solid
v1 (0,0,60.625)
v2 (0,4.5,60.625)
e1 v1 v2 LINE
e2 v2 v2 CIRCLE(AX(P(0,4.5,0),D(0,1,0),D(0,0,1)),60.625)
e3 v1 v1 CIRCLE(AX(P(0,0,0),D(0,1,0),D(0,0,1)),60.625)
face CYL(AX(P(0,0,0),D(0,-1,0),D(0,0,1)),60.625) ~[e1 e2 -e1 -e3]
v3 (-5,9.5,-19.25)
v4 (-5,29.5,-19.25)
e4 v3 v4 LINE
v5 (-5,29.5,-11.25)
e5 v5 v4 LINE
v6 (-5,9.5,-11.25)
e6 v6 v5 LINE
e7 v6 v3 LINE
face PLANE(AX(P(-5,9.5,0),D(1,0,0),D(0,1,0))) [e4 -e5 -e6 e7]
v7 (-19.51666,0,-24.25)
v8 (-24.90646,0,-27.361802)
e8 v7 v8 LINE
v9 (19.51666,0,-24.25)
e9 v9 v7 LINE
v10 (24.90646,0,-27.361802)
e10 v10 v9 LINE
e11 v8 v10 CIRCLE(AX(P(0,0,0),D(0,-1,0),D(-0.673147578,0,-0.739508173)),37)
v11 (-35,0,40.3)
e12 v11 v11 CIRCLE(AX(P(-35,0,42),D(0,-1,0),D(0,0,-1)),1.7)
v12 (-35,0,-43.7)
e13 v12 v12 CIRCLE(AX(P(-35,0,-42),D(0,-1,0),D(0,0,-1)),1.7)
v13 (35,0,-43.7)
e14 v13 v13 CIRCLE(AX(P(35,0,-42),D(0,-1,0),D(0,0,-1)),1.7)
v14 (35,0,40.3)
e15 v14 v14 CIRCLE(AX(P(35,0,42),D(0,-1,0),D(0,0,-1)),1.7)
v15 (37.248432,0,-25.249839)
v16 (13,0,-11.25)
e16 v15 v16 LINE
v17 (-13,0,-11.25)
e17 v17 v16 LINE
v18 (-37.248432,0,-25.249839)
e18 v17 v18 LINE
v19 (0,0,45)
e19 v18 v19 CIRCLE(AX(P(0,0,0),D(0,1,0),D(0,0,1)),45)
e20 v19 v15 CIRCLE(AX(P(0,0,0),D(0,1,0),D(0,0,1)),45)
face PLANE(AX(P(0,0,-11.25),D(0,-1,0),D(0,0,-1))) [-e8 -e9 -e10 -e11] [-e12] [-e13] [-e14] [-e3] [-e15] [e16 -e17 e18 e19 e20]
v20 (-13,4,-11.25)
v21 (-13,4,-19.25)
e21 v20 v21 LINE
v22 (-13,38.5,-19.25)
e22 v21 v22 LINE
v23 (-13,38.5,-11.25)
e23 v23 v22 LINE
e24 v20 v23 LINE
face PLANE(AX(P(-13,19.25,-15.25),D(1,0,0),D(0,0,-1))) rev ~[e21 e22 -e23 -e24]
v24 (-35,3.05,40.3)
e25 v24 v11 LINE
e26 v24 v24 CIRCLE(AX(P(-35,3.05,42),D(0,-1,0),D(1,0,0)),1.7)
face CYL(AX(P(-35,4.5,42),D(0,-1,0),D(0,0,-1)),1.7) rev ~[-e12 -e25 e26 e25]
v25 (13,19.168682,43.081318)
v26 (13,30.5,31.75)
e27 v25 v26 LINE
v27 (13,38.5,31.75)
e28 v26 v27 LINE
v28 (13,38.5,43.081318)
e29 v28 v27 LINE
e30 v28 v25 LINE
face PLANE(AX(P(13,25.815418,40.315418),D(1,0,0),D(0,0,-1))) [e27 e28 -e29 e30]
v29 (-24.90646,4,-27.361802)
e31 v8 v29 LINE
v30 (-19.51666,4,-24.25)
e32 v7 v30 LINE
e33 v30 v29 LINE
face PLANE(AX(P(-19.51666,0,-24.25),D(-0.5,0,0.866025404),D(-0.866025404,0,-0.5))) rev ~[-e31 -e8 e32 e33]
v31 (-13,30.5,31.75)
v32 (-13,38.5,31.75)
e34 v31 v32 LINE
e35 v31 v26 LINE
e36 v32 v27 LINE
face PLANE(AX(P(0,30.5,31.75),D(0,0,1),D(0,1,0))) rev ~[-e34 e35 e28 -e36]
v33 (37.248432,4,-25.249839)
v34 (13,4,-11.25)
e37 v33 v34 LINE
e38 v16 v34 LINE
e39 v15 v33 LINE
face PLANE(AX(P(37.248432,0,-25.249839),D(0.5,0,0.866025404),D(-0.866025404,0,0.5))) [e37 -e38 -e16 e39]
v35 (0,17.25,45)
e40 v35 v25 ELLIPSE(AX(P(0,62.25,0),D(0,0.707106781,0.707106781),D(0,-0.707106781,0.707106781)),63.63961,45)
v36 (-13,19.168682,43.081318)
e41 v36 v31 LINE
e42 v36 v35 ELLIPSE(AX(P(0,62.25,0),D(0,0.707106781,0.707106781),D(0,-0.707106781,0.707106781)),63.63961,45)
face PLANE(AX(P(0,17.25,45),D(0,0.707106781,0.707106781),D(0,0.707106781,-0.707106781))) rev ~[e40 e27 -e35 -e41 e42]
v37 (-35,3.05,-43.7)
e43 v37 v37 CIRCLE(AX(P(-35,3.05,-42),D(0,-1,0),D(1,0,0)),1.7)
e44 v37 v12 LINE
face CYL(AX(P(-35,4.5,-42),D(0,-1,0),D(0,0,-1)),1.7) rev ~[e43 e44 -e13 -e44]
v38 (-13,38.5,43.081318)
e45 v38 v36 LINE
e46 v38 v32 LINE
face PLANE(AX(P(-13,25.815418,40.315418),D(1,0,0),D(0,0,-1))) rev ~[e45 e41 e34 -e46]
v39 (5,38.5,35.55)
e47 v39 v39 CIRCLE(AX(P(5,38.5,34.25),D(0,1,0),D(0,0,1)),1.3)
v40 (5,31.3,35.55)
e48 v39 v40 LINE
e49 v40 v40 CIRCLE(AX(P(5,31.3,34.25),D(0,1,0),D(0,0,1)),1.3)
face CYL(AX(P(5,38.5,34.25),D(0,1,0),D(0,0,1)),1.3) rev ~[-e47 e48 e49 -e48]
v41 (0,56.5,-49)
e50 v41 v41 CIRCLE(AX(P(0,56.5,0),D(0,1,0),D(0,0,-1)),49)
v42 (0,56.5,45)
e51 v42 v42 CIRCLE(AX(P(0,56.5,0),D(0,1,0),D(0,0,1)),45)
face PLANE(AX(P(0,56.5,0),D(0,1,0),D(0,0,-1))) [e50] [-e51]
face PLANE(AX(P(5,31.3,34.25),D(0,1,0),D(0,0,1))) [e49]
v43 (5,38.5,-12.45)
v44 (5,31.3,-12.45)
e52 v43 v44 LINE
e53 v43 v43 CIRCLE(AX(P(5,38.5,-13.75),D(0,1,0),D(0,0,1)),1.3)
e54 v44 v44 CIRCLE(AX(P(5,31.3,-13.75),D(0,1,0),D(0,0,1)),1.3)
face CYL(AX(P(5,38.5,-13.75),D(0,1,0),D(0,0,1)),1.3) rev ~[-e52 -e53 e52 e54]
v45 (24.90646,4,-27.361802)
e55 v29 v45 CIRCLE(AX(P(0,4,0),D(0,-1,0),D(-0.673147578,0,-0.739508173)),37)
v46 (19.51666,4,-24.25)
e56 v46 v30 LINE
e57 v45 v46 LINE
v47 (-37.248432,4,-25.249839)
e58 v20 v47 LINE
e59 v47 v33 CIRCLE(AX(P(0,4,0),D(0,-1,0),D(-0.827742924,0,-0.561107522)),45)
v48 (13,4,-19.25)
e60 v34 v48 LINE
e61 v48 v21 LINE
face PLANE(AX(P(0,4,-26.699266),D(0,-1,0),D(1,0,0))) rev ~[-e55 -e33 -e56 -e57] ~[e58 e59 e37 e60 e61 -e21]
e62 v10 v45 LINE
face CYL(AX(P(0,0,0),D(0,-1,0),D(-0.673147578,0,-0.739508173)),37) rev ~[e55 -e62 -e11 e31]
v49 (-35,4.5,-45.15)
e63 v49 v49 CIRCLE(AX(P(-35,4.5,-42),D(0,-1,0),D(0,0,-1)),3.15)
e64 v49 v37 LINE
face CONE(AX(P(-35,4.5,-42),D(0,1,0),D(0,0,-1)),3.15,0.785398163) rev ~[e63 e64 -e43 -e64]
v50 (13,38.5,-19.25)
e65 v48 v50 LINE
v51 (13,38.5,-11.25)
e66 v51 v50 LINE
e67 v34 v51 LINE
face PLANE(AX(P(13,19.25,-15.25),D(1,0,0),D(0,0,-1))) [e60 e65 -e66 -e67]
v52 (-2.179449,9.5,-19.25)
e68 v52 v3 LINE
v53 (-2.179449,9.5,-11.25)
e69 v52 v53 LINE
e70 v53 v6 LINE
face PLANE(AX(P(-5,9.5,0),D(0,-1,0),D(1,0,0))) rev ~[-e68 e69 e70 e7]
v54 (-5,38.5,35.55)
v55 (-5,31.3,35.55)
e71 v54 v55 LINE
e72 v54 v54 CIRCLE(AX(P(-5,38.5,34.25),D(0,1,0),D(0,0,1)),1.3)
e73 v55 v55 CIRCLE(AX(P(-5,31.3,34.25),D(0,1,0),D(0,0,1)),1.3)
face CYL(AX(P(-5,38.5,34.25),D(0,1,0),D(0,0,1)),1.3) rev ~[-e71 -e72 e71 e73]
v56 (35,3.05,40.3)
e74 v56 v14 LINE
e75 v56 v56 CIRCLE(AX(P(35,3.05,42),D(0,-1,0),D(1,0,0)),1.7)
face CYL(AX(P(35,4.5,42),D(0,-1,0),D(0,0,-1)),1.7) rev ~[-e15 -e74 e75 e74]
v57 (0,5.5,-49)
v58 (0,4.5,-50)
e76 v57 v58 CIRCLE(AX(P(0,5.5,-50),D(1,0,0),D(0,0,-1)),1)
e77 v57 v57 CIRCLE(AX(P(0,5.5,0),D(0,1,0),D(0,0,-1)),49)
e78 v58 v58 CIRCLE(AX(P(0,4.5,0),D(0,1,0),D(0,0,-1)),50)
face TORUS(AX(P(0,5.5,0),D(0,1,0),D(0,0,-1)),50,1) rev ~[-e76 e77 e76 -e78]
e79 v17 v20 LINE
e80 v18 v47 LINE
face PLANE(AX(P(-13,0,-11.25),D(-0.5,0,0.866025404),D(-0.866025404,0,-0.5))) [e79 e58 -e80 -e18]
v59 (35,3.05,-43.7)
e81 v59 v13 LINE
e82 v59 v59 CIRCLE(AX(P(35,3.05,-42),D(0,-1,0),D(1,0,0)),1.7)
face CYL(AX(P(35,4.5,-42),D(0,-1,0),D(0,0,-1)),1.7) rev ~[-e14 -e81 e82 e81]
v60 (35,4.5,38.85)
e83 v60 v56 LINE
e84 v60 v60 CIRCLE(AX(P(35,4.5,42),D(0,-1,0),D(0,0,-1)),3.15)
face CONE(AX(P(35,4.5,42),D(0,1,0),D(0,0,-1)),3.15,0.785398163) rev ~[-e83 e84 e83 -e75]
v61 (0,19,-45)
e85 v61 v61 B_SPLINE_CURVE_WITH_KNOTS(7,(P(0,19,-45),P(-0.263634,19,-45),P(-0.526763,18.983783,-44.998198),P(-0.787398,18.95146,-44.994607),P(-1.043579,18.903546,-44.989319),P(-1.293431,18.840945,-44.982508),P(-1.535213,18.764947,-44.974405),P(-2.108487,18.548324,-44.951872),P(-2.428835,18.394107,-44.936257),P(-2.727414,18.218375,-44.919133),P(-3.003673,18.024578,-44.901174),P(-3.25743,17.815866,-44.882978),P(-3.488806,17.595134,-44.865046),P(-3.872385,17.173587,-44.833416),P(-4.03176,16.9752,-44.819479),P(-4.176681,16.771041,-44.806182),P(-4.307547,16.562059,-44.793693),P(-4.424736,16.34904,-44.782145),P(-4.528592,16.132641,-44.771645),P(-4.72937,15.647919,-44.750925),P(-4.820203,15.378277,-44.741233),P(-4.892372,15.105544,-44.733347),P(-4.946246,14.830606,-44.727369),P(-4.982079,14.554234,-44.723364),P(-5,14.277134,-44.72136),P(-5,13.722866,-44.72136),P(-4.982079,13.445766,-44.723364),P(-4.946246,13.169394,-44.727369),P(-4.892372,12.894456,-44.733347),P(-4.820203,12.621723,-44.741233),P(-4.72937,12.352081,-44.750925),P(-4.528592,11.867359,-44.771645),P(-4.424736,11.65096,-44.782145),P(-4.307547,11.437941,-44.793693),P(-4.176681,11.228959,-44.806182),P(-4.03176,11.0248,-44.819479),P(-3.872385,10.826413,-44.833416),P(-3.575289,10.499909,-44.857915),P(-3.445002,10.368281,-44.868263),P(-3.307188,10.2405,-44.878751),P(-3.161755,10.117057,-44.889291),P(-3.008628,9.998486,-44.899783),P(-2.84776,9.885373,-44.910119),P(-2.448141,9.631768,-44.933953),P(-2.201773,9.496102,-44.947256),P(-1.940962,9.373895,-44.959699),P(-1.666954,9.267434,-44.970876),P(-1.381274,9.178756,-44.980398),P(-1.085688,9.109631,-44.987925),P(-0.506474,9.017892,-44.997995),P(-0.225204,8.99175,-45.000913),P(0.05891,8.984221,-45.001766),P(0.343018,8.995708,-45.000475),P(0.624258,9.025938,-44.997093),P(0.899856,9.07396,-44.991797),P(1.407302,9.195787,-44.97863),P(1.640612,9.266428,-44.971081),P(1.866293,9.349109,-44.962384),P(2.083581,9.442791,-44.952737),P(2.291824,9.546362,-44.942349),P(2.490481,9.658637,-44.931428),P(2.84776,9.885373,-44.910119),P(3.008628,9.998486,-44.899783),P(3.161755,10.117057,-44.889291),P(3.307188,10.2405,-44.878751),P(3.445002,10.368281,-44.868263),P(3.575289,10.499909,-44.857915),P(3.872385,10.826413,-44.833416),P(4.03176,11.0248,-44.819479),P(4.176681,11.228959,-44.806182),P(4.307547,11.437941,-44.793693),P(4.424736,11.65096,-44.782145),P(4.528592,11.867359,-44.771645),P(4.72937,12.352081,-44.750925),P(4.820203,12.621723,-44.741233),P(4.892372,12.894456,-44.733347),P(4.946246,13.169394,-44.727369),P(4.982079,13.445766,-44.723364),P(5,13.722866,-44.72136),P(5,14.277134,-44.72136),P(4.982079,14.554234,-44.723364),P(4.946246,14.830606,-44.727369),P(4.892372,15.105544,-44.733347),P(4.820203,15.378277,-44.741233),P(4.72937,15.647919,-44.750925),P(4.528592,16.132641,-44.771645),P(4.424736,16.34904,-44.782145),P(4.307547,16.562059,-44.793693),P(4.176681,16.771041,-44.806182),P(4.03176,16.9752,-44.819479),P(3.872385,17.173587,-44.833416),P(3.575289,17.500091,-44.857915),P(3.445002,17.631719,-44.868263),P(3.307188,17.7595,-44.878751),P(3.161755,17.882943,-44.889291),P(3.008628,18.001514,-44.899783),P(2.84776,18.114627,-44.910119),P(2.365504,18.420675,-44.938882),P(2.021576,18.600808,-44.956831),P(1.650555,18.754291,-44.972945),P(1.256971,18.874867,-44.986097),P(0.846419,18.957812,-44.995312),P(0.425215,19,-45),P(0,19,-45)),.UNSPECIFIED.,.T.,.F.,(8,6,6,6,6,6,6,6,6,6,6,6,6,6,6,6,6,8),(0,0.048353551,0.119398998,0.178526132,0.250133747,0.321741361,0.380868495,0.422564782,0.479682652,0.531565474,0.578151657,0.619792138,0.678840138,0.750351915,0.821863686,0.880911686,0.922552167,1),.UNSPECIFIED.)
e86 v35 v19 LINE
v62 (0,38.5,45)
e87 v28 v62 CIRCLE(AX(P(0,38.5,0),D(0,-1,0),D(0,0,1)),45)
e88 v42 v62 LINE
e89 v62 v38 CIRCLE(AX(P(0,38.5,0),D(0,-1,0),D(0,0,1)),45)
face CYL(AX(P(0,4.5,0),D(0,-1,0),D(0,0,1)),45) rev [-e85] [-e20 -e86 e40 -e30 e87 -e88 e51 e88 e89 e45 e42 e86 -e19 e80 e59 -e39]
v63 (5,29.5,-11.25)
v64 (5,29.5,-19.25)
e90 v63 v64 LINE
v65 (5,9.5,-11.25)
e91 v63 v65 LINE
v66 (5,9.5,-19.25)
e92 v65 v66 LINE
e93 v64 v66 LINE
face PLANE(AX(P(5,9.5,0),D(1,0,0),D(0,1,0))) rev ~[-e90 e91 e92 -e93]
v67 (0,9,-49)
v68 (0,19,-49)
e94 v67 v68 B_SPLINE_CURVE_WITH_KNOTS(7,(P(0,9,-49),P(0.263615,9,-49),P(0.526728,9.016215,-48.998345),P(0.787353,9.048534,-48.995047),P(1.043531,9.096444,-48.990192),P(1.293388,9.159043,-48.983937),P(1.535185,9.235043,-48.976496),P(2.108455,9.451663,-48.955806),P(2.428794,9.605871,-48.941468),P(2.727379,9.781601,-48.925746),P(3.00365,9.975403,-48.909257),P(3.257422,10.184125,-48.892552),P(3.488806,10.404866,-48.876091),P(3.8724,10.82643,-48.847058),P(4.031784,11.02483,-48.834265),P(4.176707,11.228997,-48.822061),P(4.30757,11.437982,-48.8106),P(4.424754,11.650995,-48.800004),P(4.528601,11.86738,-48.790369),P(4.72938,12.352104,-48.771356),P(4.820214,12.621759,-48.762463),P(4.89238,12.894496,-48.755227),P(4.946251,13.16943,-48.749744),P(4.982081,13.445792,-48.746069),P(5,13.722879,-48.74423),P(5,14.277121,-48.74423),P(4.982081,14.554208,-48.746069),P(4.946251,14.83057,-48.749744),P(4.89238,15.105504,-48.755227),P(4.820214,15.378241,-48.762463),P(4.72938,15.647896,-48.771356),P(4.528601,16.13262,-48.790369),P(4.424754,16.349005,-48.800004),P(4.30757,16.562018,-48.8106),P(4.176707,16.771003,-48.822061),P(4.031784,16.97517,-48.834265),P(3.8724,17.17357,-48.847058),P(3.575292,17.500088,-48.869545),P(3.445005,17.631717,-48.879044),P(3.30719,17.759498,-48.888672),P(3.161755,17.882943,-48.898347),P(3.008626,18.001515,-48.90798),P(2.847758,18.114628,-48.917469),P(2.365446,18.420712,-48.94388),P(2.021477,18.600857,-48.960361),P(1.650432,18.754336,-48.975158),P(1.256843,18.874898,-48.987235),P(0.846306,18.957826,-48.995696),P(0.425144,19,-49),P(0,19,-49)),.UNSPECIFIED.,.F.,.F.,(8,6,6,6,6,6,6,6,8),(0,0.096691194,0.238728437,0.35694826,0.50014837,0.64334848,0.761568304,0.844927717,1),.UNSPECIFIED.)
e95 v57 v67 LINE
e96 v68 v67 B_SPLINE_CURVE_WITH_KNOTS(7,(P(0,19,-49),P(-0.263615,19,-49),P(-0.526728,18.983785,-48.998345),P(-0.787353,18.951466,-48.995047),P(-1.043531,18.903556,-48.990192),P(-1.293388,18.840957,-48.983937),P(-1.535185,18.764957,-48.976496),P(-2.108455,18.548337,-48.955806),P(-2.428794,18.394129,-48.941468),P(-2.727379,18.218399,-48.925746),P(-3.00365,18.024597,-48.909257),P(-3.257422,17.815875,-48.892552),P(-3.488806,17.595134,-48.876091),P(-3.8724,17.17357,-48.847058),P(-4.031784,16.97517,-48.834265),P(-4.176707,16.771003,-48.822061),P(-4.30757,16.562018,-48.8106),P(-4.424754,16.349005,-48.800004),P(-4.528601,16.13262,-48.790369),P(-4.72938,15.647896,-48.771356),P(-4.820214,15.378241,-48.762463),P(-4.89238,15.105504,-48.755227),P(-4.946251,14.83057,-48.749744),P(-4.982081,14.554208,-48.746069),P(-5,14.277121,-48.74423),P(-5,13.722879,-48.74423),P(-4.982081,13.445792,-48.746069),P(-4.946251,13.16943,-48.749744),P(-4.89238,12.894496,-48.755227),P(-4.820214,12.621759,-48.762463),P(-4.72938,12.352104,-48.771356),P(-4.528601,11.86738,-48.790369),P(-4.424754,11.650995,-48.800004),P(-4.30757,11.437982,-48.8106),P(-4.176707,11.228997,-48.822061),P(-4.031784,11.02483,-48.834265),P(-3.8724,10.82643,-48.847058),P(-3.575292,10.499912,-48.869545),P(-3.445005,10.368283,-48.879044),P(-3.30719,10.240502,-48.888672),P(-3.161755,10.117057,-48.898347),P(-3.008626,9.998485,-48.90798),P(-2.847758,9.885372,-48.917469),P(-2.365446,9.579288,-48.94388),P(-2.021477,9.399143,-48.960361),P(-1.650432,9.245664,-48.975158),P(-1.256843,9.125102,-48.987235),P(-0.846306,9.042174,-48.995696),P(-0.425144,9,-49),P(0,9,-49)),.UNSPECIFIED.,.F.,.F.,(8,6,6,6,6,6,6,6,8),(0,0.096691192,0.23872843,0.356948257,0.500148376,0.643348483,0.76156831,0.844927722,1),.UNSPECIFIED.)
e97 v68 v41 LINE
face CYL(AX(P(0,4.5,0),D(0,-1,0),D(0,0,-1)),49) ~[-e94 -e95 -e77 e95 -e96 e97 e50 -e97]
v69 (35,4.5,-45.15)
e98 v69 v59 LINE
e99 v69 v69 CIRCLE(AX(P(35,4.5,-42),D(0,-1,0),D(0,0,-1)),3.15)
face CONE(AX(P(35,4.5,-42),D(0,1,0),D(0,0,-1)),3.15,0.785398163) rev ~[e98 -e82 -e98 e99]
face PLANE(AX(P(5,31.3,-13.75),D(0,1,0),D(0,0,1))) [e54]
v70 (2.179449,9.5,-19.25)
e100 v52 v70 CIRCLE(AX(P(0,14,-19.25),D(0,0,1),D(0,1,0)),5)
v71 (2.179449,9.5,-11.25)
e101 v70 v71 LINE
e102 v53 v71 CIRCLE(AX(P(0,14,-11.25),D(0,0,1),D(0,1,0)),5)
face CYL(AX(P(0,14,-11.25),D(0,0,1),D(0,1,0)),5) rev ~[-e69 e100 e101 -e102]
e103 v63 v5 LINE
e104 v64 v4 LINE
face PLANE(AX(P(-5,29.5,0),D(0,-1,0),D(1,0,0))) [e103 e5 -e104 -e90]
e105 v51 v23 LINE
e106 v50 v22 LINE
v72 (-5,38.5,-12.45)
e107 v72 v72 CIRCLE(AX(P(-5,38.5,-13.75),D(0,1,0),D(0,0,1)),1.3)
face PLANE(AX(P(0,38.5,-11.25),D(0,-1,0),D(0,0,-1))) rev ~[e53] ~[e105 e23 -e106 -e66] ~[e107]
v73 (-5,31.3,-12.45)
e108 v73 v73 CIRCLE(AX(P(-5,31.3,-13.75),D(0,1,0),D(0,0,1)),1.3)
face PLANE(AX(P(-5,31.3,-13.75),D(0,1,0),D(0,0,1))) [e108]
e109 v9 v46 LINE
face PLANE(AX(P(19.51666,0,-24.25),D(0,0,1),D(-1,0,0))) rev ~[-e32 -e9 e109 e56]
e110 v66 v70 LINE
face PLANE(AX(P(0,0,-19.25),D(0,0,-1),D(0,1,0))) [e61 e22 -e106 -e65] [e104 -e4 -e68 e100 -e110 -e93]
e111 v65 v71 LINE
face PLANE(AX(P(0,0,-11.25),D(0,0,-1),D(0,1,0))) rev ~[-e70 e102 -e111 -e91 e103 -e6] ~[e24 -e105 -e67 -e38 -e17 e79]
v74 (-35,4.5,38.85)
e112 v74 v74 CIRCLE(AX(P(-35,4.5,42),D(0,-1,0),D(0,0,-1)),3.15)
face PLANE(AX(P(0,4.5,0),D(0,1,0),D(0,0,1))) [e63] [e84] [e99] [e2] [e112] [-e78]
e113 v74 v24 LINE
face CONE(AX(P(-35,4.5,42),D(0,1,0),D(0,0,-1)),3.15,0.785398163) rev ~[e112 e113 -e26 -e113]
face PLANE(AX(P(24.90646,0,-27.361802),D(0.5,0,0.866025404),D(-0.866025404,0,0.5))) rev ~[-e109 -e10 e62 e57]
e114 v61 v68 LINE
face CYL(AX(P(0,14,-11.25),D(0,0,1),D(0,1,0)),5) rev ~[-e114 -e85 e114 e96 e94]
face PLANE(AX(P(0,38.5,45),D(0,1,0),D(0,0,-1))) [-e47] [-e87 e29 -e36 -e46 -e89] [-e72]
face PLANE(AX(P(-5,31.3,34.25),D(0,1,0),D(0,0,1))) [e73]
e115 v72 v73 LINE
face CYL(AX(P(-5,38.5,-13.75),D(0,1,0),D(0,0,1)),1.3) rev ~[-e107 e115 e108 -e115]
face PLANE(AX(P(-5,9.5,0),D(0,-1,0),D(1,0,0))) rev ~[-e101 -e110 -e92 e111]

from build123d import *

# Parameters (mm, degrees)
SKETCH2_R                                           = 60.625
SKETCH2_R_2                                         = 45
BOSS_EXTRUDE1_DEPTH                                 = 4.5
SKETCH3_R                                           = 49
SKETCH3_R_2                                         = 45
BOSS_EXTRUDE2_DEPTH                                 = 52
SKETCH4_W                                           = 13.25
SKETCH4_H                                           = 8
SKETCH4_W_2                                         = 8
SKETCH4_H_2                                         = 38.5
BOSS_EXTRUDE3_DEPTH                                 = 13
SKETCH5_W                                           = 10
SKETCH5_H                                           = 20
CUT_EXTRUDE1_DEPTH                                  = 26
SKETCH6_R                                           = 5
CUT_EXTRUDE2_DEPTH                                  = 110.698023
SKETCH7_R                                           = 1.3
CUT_EXTRUDE3_DEPTH                                  = 7.2
BOSS_EXTRUDE4_DEPTH                                 = 4
CSK_FOR_M3_COUNTERSUNK_FLAT_HEAD_SCREW1_D           = 3.4
CSK_FOR_M3_COUNTERSUNK_FLAT_HEAD_SCREW1_DEPTH       = 44.45
CSK_FOR_M3_COUNTERSUNK_FLAT_HEAD_SCREW1_CSINK_D     = 6.3
CSK_FOR_M3_COUNTERSUNK_FLAT_HEAD_SCREW1_CSINK_ANGLE = 90
CSK_FOR_M3_COUNTERSUNK_FLAT_HEAD_SCREW1_TIP         = 1.021463052
FILLET1_R                                           = 1


with BuildPart() as part:
    # Sketch2 → Boss-Extrude1 (new body)
    with BuildSketch(Plane(origin=(0, 0, 0), x_dir=(1, 0, 0), z_dir=(0, 1, 0))):
        with Locations(Location((0, 0, 0), (0, 0, 270))):
            Circle(SKETCH2_R)
        with Locations(Location((0, 0, 0), (0, 0, 270))):
            Circle(SKETCH2_R_2, mode=Mode.SUBTRACT)
    extrude(amount=BOSS_EXTRUDE1_DEPTH)

    # Sketch3 → Boss-Extrude2 (add)
    with BuildSketch(Plane(origin=(0, 4.5, 0), x_dir=(1, 0, 0), z_dir=(0, 1, 0))):
        with Locations(Location((0, 0, 0), (0, 0, 90))):
            Circle(SKETCH3_R)
        with Locations(Location((0, 0, 0), (0, 0, 270))):
            Circle(SKETCH3_R_2, mode=Mode.SUBTRACT)
    extrude(amount=BOSS_EXTRUDE2_DEPTH)

    # Sketch4 → Boss-Extrude3 (add, symmetric)
    with BuildSketch(Plane(origin=(0, 0, 0), x_dir=(0, 0, -1), z_dir=(1, 0, 0))):
        Polygon((-31.75, 30.5), (-45, 30.5), (-45, 17.25), align=None)
        with Locations((-38.375, 34.5)):
            Rectangle(SKETCH4_W, SKETCH4_H)
        with Locations((15.25, 19.25)):
            Rectangle(SKETCH4_W_2, SKETCH4_H_2)
    extrude(amount=BOSS_EXTRUDE3_DEPTH, both=True)


with BuildPart() as boss_extrude3_piece_1:
    # of the separate pieces the step leaves, piece 1, a body of its own (boss_extrude3_pieces)
    add(part.part.solids().sort_by_distance((0, 0, 60.625))[0])


with BuildPart() as boss_extrude3_piece_2:
    # of the separate pieces the step leaves, piece 2, a body of its own (boss_extrude3_pieces)
    add(part.part.solids().sort_by_distance((-13, 38.5, -19.25))[0])

    # Sketch5 → Cut-Extrude1 (cut)
    with BuildSketch(Plane.XY):
        with Locations((0, 19.5)):
            Rectangle(SKETCH5_W, SKETCH5_H)
    extrude(amount=-CUT_EXTRUDE1_DEPTH, mode=Mode.SUBTRACT)


with BuildPart() as cut_extrude2_tool:
    # Sketch6 → Cut-Extrude2 (new, through all)
    with BuildSketch(Plane.XY.offset(-11.25)):
        with Locations(Location((0, 14, 0), (0, 0, 90))):
            Circle(SKETCH6_R)
    extrude(amount=-CUT_EXTRUDE2_DEPTH)


with BuildPart() as boss_extrude3_piece_1_1:
    add(boss_extrude3_piece_1.part)

    # Cut-Extrude2: cut by cut_extrude2_tool
    add(cut_extrude2_tool.part, mode=Mode.SUBTRACT)


with BuildPart() as boss_extrude3_piece_2_1:
    add(boss_extrude3_piece_2.part)

    # Cut-Extrude2: cut by cut_extrude2_tool
    add(cut_extrude2_tool.part, mode=Mode.SUBTRACT)


with BuildPart() as cut_extrude3_tool:
    # Sketch7 → Cut-Extrude3 (new body)
    with BuildSketch(Plane(origin=(0, 38.5, 0), x_dir=(1, 0, 0), z_dir=(0, 1, 0))):
        with Locations(Location((-5, 13.75, 0), (0, 0, 270))):
            Circle(SKETCH7_R)
        with Locations(Location((5, 13.75, 0), (0, 0, 270))):
            Circle(SKETCH7_R)
        with Locations(Location((-5, -34.25, 0), (0, 0, 270))):
            Circle(SKETCH7_R)
        with Locations(Location((5, -34.25, 0), (0, 0, 270))):
            Circle(SKETCH7_R)
    extrude(amount=-CUT_EXTRUDE3_DEPTH)


with BuildPart() as boss_extrude3_piece_1_2:
    add(boss_extrude3_piece_1_1.part)

    # Cut-Extrude3: cut by cut_extrude3_tool
    add(cut_extrude3_tool.part, mode=Mode.SUBTRACT)



with BuildPart() as boss_extrude3_piece_2_2:
    add(boss_extrude3_piece_2_1.part)

    # Cut-Extrude3: cut by cut_extrude3_tool
    add(cut_extrude3_tool.part, mode=Mode.SUBTRACT)


with BuildPart() as boss_extrude3_piece_1_3:
    add(boss_extrude3_piece_1_2.part)

    add(boss_extrude3_piece_2_2.part)  # Boss-Extrude4 merges Boss-Extrude3 piece 2
    # Sketch8 → Boss-Extrude4 (add)
    with BuildSketch(Plane.XZ):
        with BuildLine():
            Line((13, -11.25), (-13, -11.25))
            Line((-13, -11.25), (-37.248431585, -25.249838503))
            ThreePointArc((-37.248431585, -25.249838503), (0, -45), (37.248431585, -25.249838503))
            Line((37.248431585, -25.249838503), (13, -11.25))
        make_face()
        with BuildLine():
            Line((-19.516660498, -24.25), (-24.906460381, -27.361802413))
            ThreePointArc((-24.906460381, -27.361802413), (0, -37), (24.906460381, -27.361802413))
            Line((24.906460381, -27.361802413), (19.516660498, -24.25))
            Line((19.516660498, -24.25), (-19.516660498, -24.25))
        make_face(mode=Mode.SUBTRACT)
    extrude(amount=-BOSS_EXTRUDE4_DEPTH)

    # CSK for M3 Countersunk Flat Head Screw1
    with Locations(Plane(origin=(-35, 4.5, -42), x_dir=(0, 0, 1), z_dir=(0, 1, 0))):
        with Locations((0, 0), (0, 70), (84, 70), (84, 0)):
            CounterSinkHole(CSK_FOR_M3_COUNTERSUNK_FLAT_HEAD_SCREW1_D / 2, CSK_FOR_M3_COUNTERSUNK_FLAT_HEAD_SCREW1_CSINK_D / 2, depth=CSK_FOR_M3_COUNTERSUNK_FLAT_HEAD_SCREW1_DEPTH, counter_sink_angle=CSK_FOR_M3_COUNTERSUNK_FLAT_HEAD_SCREW1_CSINK_ANGLE)
            with Locations((0, 0, -(CSK_FOR_M3_COUNTERSUNK_FLAT_HEAD_SCREW1_DEPTH + CSK_FOR_M3_COUNTERSUNK_FLAT_HEAD_SCREW1_TIP / 2))):  # 118° drill point
                Cone(0, CSK_FOR_M3_COUNTERSUNK_FLAT_HEAD_SCREW1_D / 2, CSK_FOR_M3_COUNTERSUNK_FLAT_HEAD_SCREW1_TIP, mode=Mode.SUBTRACT)

    # Fillet1
    fillet1_edges = [boss_extrude3_piece_1_3.edges().sort_by_distance(p)[0] for p in [
        (0, 4.5, 49),
    ]]
    fillet(fillet1_edges, radius=FILLET1_R)


solid = boss_extrude3_piece_1_3.part
